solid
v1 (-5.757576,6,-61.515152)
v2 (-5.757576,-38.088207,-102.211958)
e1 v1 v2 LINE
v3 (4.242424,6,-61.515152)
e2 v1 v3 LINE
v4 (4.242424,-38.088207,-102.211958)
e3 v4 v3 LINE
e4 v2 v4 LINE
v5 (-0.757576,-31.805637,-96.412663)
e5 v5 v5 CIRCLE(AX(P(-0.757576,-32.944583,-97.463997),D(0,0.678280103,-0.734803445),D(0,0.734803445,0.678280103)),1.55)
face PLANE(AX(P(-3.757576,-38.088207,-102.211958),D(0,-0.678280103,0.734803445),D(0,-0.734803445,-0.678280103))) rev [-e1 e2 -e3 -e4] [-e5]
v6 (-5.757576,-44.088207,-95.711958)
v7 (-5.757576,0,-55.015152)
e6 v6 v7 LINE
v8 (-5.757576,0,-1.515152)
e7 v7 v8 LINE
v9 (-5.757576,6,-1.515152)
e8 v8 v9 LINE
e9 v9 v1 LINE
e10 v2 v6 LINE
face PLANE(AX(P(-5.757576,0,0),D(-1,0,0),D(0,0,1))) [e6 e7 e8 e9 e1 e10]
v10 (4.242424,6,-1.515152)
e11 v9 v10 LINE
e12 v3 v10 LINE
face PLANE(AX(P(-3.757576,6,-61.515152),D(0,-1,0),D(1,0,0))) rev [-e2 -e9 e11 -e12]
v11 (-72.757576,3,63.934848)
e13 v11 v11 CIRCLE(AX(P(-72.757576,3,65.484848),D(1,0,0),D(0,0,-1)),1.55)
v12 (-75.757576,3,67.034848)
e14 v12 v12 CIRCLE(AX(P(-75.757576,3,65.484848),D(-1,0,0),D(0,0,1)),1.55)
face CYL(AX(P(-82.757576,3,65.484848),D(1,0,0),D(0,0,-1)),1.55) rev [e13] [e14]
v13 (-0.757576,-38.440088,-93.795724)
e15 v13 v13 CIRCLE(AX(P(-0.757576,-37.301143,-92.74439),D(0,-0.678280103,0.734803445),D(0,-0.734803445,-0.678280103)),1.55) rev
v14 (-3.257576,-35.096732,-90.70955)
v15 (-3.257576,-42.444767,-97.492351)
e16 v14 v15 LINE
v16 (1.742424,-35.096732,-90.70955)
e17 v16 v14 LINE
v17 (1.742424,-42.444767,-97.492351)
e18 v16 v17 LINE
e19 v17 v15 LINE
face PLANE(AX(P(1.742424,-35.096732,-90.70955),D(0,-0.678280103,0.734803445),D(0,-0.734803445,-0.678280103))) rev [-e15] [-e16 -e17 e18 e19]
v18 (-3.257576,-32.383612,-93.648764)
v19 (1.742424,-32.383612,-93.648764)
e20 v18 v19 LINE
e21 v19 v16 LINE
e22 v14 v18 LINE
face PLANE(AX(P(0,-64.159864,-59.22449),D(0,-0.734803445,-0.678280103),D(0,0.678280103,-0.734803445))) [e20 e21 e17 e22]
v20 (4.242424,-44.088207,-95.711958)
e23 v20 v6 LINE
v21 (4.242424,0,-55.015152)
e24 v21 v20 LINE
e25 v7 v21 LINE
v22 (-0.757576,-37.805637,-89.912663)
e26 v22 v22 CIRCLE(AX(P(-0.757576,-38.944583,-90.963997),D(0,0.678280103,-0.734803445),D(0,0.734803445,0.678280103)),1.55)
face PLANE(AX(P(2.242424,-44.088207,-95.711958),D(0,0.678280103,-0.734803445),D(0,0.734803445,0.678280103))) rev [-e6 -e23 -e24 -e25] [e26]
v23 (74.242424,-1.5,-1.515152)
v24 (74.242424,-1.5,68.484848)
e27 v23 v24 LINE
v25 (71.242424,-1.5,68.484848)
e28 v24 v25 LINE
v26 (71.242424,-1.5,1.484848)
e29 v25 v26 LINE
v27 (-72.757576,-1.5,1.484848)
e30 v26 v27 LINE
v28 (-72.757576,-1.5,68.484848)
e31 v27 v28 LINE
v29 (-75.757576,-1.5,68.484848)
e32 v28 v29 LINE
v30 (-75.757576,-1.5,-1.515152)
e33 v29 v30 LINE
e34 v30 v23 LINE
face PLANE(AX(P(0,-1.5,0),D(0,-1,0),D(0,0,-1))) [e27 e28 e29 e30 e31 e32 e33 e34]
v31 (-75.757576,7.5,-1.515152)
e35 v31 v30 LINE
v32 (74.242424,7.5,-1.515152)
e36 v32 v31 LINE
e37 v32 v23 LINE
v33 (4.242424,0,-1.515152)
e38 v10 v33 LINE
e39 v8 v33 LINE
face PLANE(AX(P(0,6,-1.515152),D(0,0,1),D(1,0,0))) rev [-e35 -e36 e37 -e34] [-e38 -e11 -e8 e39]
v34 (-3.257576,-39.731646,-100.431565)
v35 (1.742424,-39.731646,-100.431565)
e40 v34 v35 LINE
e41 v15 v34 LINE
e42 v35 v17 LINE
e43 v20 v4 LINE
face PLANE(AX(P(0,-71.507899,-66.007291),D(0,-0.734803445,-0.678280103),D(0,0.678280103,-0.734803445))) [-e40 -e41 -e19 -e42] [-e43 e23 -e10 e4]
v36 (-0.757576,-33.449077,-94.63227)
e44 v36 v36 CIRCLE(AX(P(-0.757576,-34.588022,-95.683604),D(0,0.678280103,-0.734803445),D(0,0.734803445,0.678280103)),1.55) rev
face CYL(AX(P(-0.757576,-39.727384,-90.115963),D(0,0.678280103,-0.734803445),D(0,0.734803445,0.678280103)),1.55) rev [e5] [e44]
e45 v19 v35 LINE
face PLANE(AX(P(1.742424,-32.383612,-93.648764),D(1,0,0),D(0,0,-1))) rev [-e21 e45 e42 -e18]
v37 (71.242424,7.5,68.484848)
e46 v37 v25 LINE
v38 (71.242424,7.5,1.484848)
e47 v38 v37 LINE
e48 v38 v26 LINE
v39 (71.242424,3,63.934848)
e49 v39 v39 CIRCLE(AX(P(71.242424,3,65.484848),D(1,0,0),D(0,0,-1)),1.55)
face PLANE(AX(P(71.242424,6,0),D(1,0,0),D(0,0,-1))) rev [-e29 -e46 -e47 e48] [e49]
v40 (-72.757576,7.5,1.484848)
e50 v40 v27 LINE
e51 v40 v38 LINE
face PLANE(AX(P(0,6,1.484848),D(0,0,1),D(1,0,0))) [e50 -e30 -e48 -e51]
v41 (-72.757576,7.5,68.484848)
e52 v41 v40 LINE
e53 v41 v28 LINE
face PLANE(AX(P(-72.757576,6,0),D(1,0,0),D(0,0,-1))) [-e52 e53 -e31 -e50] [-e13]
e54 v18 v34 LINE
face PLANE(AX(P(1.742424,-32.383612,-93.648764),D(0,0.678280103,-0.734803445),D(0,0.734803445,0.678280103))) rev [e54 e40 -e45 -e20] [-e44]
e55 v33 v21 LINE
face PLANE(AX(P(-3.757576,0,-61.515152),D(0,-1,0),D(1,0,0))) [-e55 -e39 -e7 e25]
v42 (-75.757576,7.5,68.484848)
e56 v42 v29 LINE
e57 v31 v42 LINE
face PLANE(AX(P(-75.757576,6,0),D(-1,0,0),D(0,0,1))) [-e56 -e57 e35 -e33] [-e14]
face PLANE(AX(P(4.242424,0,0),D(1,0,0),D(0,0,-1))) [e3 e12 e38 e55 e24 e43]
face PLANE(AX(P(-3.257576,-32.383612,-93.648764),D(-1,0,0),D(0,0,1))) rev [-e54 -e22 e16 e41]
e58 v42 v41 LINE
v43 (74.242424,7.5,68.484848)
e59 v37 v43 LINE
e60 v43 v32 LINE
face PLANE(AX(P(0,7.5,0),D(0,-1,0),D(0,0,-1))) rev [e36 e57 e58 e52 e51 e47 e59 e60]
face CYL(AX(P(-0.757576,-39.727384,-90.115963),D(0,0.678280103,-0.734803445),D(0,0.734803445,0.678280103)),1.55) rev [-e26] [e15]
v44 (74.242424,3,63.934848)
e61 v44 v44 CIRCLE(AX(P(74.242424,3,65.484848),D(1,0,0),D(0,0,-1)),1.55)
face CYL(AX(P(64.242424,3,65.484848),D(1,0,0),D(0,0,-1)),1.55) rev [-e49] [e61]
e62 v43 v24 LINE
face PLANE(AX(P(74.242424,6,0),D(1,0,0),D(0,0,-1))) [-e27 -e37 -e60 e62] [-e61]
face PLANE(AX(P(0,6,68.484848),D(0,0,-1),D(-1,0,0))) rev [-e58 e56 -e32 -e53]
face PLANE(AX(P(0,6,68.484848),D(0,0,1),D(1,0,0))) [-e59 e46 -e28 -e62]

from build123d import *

# Parameters (mm, degrees)
EXTRUDE_2_DEPTH     = 6
SKETCH_2_R          = 1.55
CUT_EXTRUDE_1_DEPTH = 10
SKETCH_3_R          = 1.55
CUT_EXTRUDE_2_DEPTH = 10
EXTRUDE_4_DEPTH     = 1.5
EXTRUDE_5_DEPTH     = 1.5
SKETCH_5_W          = 6
SKETCH_5_H          = 6
EXTRUDE_6_DEPTH     = 60
CUT_EXTRUDE_3_DEPTH = 60
SKETCH_9_W          = 6
SKETCH_9_H          = 8.845903007
EXTRUDE_7_DEPTH     = 60
SKETCH_11_R         = 1.55
CUT_EXTRUDE_5_DEPTH = 10
SKETCH_10_W         = 5
SKETCH_10_H         = 4
CUT_EXTRUDE_6_DEPTH = 10
EXTRUDE_8_DEPTH     = 2
EXTRUDE_9_DEPTH     = 2


with BuildPart() as part:
    # 草图1 → 凸台-拉伸2 (new body)
    with BuildSketch(Plane(origin=(0, 0, 0), x_dir=(1, 0, 0), z_dir=(0, 1, 0))):
        Polygon((-72.757575758, -68.484848485), (-72.757575758, -1.484848485), (71.242424242, -1.484848485), (71.242424242, -68.484848485), (74.242424242, -68.484848485), (74.242424242, -1.484848485), (74.242424242, 1.515151515), (71.242424242, 1.515151515), (-72.757575758, 1.515151515), (-75.757575758, 1.515151515), (-75.757575758, -1.484848485), (-75.757575758, -68.484848485), align=None)
    extrude(amount=EXTRUDE_2_DEPTH)

    # 草图2 → 切除-拉伸1 (cut)
    with BuildSketch(Plane(origin=(-72.757575758, 0, 0), x_dir=(0, 0, -1), z_dir=(1, 0, 0))):
        with Locations((-65.484848485, 3)):
            Circle(SKETCH_2_R)
    extrude(amount=-CUT_EXTRUDE_1_DEPTH, mode=Mode.SUBTRACT)

    # 草图3 → 切除-拉伸2 (cut)
    with BuildSketch(Plane(origin=(74.242424242, 0, 0), x_dir=(0, 0, -1), z_dir=(1, 0, 0))):
        with Locations((-65.484848485, 3)):
            Circle(SKETCH_3_R)
    extrude(amount=-CUT_EXTRUDE_2_DEPTH, mode=Mode.SUBTRACT)

    # 草图6 → 凸台-拉伸4 (add)
    with BuildSketch(Plane(origin=(0, 6, 0), x_dir=(1, 0, 0), z_dir=(0, 1, 0))):
        Polygon((-75.757575758, 1.515151515), (74.242424242, 1.515151515), (74.242424242, -68.484848485), (71.242424242, -68.484848485), (71.242424242, -1.484848485), (-72.757575758, -1.484848485), (-72.757575758, -68.484848485), (-75.757575758, -68.484848485), align=None)
    extrude(amount=EXTRUDE_4_DEPTH)

    # 草图7 → 凸台-拉伸5 (add)
    with BuildSketch(Plane.XZ):
        Polygon((-75.757575758, 68.484848485), (-75.757575758, -1.515151515), (74.242424242, -1.515151515), (74.242424242, 68.484848485), (71.242424242, 68.484848485), (71.242424242, 1.484848485), (-72.757575758, 1.484848485), (-72.757575758, 68.484848485), align=None)
    extrude(amount=EXTRUDE_5_DEPTH)

    # 草图5 → 凸台-拉伸6 (add)
    with BuildSketch(Plane(origin=(0, 0, -1.515151515), x_dir=(-1, 0, 0), z_dir=(0, 0, -1))):
        with Locations((0.757575758, 3)):
            Rectangle(SKETCH_5_W, SKETCH_5_H)
    extrude(amount=EXTRUDE_6_DEPTH)

    # 草图8 → 切除-拉伸3 (cut)
    with BuildSketch(Plane(origin=(2.242424242, 0, 0), x_dir=(0, 0, -1), z_dir=(1, 0, 0))):
        Polygon((61.515151515, 6), (55.015151515, 0), (61.515151515, 0), align=None)
    extrude(amount=-CUT_EXTRUDE_3_DEPTH, mode=Mode.SUBTRACT)

    # 草图9 → 凸台-拉伸7 (add)
    with BuildSketch(Plane(origin=(0, -27.419692129, -25.310485042), x_dir=(1, 0, 0), z_dir=(0, -0.7348034446274878, -0.678280102733066))):
        with Locations((-0.757575758, -44.848274344)):
            Rectangle(SKETCH_9_W, SKETCH_9_H)
    extrude(amount=EXTRUDE_7_DEPTH)

    # 草图11 → 切除-拉伸5 (cut)
    with BuildSketch(Plane(origin=(0, 33.419692129, -36.204666473), x_dir=(-1, 0, 0), z_dir=(0, 0.6782801027330662, -0.7348034446274876))):
        with Locations(Location((0.757575758, -90.315682622, 0), (0, 0, 90))):
            Circle(SKETCH_11_R)
    extrude(amount=-CUT_EXTRUDE_5_DEPTH, mode=Mode.SUBTRACT)

    # 草图10 → 切除-拉伸6 (cut)
    with BuildSketch(Plane(origin=(0, -71.507898807, -66.007291206), x_dir=(1, 0, 0), z_dir=(0, -0.7348034446274876, -0.6782801027330662))):
        with Locations((-0.757575758, -44.848274343)):
            Rectangle(SKETCH_10_W, SKETCH_10_H)
    extrude(amount=-CUT_EXTRUDE_6_DEPTH, mode=Mode.SUBTRACT)

    # 草图12 → 凸台-拉伸8 (add)
    with BuildSketch(Plane.ZY.offset(3.757575758)):
        Polygon((-102.211957679, -38.088206678), (-95.711957679, -44.088206678), (-55.015151515, 0), (-1.515151515, 0), (-1.515151515, 6), (-61.515151515, 6), align=None)
    extrude(amount=EXTRUDE_8_DEPTH)

    # 草图13 → 凸台-拉伸9 (add)
    with BuildSketch(Plane(origin=(2.242424242, 0, 0), x_dir=(0, 0, -1), z_dir=(1, 0, 0))):
        Polygon((95.711957679, -44.088206678), (102.211957679, -38.088206678), (61.515151515, 6), (1.515151515, 6), (1.515151515, 0), (55.015151515, 0), align=None)
    extrude(amount=EXTRUDE_9_DEPTH)


solid = part.part
